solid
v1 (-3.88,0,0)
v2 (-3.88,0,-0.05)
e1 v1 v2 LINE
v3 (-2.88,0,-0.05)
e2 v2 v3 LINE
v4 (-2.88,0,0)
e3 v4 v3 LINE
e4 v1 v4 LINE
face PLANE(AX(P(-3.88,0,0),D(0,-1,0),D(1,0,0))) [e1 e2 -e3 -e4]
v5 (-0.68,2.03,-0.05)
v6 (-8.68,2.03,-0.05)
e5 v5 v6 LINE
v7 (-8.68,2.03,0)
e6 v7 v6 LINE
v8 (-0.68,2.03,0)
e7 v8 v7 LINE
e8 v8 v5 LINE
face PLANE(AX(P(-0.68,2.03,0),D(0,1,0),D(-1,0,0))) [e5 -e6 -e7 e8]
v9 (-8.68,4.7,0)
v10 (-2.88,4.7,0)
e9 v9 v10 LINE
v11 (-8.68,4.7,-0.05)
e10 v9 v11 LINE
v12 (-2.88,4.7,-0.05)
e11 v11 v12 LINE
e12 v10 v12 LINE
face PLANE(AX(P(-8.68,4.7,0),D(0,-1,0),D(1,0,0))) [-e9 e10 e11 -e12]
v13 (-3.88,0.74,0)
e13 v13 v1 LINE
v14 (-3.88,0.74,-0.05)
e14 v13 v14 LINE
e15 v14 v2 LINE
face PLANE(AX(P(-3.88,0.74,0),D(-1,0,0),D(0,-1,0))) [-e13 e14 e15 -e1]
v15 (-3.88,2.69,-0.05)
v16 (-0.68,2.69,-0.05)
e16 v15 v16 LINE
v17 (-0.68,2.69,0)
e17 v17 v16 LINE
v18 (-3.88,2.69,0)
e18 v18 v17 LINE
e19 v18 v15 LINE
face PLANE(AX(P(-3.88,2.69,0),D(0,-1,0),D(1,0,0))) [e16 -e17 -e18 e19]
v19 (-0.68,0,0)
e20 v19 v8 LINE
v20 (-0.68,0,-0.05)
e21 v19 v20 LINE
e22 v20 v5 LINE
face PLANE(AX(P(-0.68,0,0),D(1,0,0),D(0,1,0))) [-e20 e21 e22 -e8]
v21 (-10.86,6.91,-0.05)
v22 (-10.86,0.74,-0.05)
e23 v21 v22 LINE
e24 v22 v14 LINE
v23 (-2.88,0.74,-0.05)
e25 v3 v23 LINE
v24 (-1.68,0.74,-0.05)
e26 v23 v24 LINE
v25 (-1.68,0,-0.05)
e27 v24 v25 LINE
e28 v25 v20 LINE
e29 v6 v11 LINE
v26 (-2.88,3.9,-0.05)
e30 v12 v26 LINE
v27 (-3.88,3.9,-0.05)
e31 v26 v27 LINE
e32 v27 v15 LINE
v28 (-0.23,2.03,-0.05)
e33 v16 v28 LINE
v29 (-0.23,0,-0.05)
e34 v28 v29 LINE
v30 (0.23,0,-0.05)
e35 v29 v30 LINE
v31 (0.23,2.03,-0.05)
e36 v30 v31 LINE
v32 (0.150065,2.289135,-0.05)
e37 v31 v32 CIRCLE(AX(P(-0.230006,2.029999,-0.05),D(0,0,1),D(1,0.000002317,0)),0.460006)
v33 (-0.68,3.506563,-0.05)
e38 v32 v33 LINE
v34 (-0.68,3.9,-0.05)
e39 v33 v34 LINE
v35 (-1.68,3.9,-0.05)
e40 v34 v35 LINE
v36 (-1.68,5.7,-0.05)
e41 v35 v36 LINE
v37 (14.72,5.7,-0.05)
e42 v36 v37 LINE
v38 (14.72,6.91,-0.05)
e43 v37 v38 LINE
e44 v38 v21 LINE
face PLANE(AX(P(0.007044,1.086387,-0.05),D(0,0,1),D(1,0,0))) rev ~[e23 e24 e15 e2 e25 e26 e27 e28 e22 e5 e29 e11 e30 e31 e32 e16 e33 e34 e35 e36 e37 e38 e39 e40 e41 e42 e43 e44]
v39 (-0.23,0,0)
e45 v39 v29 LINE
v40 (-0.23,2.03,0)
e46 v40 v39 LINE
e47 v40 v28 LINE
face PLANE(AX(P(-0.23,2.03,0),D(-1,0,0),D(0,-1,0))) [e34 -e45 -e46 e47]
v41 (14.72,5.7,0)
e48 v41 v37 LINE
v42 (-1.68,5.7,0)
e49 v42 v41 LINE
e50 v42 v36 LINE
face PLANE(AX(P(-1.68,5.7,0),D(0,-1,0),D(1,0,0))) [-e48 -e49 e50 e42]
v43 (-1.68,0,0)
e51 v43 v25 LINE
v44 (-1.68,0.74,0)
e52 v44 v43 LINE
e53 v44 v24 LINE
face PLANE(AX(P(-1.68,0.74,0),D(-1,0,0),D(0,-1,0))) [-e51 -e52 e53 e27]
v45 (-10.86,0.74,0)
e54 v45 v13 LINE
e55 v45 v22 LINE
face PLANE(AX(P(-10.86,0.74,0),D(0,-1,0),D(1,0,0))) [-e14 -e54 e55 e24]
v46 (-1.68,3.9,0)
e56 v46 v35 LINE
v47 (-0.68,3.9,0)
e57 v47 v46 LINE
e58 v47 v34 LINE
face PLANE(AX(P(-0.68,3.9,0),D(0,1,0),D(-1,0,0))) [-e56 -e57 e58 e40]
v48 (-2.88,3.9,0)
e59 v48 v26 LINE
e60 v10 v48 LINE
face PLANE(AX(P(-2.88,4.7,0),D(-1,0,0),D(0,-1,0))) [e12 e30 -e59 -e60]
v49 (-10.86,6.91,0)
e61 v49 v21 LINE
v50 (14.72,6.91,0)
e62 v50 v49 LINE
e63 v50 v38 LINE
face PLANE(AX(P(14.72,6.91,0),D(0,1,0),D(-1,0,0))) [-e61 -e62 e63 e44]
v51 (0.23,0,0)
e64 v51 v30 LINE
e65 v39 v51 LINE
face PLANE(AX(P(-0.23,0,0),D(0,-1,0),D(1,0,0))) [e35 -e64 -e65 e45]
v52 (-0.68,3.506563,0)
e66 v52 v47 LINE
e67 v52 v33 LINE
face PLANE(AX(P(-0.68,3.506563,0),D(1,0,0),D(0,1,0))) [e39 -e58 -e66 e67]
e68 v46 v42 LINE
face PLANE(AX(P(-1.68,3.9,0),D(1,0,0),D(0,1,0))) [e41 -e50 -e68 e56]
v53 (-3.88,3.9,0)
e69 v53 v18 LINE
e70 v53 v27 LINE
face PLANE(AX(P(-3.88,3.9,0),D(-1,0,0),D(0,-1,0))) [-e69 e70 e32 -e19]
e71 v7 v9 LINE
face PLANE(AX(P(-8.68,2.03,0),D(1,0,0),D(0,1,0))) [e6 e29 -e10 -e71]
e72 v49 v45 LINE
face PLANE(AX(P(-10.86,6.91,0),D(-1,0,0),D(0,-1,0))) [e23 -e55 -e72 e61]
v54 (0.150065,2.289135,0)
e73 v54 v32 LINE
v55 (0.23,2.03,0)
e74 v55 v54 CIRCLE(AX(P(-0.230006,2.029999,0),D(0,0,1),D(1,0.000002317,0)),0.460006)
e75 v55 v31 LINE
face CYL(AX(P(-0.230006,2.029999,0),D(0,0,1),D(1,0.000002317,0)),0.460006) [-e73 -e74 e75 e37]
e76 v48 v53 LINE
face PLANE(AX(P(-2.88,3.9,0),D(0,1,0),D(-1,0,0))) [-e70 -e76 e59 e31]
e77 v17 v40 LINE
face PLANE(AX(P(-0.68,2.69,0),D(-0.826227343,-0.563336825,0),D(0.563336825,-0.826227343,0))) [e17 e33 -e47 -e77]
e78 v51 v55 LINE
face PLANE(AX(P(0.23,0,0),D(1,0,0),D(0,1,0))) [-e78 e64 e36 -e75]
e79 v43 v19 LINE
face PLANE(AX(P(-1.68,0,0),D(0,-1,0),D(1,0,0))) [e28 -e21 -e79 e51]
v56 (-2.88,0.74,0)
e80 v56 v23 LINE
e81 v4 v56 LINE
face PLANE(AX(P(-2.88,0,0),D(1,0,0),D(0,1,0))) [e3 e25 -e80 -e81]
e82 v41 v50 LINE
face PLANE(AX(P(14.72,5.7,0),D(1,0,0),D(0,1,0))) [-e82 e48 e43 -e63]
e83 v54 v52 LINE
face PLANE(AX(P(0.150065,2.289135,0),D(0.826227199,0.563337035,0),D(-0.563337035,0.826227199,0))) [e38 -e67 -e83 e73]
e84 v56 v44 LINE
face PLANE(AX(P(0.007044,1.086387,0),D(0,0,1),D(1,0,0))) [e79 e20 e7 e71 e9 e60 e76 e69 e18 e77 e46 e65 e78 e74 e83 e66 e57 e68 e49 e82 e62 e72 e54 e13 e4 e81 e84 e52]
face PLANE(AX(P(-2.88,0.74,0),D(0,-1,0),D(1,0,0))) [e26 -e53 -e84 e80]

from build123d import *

# Parameters (mm, degrees)
F1_DEPTH = 0.05


with BuildPart() as f1:
    # F0 (on Top) → F1 (new body)
    with BuildSketch(Plane.XY):
        with BuildLine():
            Line((0.150065, 2.289135), (-0.23, 2.03))
            Line((-0.23, 2.03), (-0.23, 0))
            Line((-0.23, 0), (0.23, 0))
            Line((0.23, 0), (0.23, 2.03))
            ThreePointArc((0.23, 2.03), (0.209562, 2.165592), (0.150065, 2.289135))
        make_face()
        Polygon((-1.68, 0), (-0.68, 0), (-0.68, 2.03), (-8.68, 2.03), (-8.68, 4.7), (-2.88, 4.7), (-2.88, 3.9), (-3.88, 3.9), (-3.88, 2.69), (-0.68, 2.69), (-0.68, 3.506563), (-0.68, 3.9), (-1.68, 3.9), (-1.68, 5.7), (14.72, 5.7), (14.72, 6.91), (-10.86, 6.91), (-10.86, 0.74), (-3.88, 0.74), (-3.88, 0), (-2.88, 0), (-2.88, 0.74), (-1.68, 0.74), align=None)
        Polygon((-0.68, 3.506563), (-0.68, 2.69), (-0.23, 2.03), (0.150065, 2.289135), align=None)
    extrude(amount=-F1_DEPTH)


solid = f1.part
